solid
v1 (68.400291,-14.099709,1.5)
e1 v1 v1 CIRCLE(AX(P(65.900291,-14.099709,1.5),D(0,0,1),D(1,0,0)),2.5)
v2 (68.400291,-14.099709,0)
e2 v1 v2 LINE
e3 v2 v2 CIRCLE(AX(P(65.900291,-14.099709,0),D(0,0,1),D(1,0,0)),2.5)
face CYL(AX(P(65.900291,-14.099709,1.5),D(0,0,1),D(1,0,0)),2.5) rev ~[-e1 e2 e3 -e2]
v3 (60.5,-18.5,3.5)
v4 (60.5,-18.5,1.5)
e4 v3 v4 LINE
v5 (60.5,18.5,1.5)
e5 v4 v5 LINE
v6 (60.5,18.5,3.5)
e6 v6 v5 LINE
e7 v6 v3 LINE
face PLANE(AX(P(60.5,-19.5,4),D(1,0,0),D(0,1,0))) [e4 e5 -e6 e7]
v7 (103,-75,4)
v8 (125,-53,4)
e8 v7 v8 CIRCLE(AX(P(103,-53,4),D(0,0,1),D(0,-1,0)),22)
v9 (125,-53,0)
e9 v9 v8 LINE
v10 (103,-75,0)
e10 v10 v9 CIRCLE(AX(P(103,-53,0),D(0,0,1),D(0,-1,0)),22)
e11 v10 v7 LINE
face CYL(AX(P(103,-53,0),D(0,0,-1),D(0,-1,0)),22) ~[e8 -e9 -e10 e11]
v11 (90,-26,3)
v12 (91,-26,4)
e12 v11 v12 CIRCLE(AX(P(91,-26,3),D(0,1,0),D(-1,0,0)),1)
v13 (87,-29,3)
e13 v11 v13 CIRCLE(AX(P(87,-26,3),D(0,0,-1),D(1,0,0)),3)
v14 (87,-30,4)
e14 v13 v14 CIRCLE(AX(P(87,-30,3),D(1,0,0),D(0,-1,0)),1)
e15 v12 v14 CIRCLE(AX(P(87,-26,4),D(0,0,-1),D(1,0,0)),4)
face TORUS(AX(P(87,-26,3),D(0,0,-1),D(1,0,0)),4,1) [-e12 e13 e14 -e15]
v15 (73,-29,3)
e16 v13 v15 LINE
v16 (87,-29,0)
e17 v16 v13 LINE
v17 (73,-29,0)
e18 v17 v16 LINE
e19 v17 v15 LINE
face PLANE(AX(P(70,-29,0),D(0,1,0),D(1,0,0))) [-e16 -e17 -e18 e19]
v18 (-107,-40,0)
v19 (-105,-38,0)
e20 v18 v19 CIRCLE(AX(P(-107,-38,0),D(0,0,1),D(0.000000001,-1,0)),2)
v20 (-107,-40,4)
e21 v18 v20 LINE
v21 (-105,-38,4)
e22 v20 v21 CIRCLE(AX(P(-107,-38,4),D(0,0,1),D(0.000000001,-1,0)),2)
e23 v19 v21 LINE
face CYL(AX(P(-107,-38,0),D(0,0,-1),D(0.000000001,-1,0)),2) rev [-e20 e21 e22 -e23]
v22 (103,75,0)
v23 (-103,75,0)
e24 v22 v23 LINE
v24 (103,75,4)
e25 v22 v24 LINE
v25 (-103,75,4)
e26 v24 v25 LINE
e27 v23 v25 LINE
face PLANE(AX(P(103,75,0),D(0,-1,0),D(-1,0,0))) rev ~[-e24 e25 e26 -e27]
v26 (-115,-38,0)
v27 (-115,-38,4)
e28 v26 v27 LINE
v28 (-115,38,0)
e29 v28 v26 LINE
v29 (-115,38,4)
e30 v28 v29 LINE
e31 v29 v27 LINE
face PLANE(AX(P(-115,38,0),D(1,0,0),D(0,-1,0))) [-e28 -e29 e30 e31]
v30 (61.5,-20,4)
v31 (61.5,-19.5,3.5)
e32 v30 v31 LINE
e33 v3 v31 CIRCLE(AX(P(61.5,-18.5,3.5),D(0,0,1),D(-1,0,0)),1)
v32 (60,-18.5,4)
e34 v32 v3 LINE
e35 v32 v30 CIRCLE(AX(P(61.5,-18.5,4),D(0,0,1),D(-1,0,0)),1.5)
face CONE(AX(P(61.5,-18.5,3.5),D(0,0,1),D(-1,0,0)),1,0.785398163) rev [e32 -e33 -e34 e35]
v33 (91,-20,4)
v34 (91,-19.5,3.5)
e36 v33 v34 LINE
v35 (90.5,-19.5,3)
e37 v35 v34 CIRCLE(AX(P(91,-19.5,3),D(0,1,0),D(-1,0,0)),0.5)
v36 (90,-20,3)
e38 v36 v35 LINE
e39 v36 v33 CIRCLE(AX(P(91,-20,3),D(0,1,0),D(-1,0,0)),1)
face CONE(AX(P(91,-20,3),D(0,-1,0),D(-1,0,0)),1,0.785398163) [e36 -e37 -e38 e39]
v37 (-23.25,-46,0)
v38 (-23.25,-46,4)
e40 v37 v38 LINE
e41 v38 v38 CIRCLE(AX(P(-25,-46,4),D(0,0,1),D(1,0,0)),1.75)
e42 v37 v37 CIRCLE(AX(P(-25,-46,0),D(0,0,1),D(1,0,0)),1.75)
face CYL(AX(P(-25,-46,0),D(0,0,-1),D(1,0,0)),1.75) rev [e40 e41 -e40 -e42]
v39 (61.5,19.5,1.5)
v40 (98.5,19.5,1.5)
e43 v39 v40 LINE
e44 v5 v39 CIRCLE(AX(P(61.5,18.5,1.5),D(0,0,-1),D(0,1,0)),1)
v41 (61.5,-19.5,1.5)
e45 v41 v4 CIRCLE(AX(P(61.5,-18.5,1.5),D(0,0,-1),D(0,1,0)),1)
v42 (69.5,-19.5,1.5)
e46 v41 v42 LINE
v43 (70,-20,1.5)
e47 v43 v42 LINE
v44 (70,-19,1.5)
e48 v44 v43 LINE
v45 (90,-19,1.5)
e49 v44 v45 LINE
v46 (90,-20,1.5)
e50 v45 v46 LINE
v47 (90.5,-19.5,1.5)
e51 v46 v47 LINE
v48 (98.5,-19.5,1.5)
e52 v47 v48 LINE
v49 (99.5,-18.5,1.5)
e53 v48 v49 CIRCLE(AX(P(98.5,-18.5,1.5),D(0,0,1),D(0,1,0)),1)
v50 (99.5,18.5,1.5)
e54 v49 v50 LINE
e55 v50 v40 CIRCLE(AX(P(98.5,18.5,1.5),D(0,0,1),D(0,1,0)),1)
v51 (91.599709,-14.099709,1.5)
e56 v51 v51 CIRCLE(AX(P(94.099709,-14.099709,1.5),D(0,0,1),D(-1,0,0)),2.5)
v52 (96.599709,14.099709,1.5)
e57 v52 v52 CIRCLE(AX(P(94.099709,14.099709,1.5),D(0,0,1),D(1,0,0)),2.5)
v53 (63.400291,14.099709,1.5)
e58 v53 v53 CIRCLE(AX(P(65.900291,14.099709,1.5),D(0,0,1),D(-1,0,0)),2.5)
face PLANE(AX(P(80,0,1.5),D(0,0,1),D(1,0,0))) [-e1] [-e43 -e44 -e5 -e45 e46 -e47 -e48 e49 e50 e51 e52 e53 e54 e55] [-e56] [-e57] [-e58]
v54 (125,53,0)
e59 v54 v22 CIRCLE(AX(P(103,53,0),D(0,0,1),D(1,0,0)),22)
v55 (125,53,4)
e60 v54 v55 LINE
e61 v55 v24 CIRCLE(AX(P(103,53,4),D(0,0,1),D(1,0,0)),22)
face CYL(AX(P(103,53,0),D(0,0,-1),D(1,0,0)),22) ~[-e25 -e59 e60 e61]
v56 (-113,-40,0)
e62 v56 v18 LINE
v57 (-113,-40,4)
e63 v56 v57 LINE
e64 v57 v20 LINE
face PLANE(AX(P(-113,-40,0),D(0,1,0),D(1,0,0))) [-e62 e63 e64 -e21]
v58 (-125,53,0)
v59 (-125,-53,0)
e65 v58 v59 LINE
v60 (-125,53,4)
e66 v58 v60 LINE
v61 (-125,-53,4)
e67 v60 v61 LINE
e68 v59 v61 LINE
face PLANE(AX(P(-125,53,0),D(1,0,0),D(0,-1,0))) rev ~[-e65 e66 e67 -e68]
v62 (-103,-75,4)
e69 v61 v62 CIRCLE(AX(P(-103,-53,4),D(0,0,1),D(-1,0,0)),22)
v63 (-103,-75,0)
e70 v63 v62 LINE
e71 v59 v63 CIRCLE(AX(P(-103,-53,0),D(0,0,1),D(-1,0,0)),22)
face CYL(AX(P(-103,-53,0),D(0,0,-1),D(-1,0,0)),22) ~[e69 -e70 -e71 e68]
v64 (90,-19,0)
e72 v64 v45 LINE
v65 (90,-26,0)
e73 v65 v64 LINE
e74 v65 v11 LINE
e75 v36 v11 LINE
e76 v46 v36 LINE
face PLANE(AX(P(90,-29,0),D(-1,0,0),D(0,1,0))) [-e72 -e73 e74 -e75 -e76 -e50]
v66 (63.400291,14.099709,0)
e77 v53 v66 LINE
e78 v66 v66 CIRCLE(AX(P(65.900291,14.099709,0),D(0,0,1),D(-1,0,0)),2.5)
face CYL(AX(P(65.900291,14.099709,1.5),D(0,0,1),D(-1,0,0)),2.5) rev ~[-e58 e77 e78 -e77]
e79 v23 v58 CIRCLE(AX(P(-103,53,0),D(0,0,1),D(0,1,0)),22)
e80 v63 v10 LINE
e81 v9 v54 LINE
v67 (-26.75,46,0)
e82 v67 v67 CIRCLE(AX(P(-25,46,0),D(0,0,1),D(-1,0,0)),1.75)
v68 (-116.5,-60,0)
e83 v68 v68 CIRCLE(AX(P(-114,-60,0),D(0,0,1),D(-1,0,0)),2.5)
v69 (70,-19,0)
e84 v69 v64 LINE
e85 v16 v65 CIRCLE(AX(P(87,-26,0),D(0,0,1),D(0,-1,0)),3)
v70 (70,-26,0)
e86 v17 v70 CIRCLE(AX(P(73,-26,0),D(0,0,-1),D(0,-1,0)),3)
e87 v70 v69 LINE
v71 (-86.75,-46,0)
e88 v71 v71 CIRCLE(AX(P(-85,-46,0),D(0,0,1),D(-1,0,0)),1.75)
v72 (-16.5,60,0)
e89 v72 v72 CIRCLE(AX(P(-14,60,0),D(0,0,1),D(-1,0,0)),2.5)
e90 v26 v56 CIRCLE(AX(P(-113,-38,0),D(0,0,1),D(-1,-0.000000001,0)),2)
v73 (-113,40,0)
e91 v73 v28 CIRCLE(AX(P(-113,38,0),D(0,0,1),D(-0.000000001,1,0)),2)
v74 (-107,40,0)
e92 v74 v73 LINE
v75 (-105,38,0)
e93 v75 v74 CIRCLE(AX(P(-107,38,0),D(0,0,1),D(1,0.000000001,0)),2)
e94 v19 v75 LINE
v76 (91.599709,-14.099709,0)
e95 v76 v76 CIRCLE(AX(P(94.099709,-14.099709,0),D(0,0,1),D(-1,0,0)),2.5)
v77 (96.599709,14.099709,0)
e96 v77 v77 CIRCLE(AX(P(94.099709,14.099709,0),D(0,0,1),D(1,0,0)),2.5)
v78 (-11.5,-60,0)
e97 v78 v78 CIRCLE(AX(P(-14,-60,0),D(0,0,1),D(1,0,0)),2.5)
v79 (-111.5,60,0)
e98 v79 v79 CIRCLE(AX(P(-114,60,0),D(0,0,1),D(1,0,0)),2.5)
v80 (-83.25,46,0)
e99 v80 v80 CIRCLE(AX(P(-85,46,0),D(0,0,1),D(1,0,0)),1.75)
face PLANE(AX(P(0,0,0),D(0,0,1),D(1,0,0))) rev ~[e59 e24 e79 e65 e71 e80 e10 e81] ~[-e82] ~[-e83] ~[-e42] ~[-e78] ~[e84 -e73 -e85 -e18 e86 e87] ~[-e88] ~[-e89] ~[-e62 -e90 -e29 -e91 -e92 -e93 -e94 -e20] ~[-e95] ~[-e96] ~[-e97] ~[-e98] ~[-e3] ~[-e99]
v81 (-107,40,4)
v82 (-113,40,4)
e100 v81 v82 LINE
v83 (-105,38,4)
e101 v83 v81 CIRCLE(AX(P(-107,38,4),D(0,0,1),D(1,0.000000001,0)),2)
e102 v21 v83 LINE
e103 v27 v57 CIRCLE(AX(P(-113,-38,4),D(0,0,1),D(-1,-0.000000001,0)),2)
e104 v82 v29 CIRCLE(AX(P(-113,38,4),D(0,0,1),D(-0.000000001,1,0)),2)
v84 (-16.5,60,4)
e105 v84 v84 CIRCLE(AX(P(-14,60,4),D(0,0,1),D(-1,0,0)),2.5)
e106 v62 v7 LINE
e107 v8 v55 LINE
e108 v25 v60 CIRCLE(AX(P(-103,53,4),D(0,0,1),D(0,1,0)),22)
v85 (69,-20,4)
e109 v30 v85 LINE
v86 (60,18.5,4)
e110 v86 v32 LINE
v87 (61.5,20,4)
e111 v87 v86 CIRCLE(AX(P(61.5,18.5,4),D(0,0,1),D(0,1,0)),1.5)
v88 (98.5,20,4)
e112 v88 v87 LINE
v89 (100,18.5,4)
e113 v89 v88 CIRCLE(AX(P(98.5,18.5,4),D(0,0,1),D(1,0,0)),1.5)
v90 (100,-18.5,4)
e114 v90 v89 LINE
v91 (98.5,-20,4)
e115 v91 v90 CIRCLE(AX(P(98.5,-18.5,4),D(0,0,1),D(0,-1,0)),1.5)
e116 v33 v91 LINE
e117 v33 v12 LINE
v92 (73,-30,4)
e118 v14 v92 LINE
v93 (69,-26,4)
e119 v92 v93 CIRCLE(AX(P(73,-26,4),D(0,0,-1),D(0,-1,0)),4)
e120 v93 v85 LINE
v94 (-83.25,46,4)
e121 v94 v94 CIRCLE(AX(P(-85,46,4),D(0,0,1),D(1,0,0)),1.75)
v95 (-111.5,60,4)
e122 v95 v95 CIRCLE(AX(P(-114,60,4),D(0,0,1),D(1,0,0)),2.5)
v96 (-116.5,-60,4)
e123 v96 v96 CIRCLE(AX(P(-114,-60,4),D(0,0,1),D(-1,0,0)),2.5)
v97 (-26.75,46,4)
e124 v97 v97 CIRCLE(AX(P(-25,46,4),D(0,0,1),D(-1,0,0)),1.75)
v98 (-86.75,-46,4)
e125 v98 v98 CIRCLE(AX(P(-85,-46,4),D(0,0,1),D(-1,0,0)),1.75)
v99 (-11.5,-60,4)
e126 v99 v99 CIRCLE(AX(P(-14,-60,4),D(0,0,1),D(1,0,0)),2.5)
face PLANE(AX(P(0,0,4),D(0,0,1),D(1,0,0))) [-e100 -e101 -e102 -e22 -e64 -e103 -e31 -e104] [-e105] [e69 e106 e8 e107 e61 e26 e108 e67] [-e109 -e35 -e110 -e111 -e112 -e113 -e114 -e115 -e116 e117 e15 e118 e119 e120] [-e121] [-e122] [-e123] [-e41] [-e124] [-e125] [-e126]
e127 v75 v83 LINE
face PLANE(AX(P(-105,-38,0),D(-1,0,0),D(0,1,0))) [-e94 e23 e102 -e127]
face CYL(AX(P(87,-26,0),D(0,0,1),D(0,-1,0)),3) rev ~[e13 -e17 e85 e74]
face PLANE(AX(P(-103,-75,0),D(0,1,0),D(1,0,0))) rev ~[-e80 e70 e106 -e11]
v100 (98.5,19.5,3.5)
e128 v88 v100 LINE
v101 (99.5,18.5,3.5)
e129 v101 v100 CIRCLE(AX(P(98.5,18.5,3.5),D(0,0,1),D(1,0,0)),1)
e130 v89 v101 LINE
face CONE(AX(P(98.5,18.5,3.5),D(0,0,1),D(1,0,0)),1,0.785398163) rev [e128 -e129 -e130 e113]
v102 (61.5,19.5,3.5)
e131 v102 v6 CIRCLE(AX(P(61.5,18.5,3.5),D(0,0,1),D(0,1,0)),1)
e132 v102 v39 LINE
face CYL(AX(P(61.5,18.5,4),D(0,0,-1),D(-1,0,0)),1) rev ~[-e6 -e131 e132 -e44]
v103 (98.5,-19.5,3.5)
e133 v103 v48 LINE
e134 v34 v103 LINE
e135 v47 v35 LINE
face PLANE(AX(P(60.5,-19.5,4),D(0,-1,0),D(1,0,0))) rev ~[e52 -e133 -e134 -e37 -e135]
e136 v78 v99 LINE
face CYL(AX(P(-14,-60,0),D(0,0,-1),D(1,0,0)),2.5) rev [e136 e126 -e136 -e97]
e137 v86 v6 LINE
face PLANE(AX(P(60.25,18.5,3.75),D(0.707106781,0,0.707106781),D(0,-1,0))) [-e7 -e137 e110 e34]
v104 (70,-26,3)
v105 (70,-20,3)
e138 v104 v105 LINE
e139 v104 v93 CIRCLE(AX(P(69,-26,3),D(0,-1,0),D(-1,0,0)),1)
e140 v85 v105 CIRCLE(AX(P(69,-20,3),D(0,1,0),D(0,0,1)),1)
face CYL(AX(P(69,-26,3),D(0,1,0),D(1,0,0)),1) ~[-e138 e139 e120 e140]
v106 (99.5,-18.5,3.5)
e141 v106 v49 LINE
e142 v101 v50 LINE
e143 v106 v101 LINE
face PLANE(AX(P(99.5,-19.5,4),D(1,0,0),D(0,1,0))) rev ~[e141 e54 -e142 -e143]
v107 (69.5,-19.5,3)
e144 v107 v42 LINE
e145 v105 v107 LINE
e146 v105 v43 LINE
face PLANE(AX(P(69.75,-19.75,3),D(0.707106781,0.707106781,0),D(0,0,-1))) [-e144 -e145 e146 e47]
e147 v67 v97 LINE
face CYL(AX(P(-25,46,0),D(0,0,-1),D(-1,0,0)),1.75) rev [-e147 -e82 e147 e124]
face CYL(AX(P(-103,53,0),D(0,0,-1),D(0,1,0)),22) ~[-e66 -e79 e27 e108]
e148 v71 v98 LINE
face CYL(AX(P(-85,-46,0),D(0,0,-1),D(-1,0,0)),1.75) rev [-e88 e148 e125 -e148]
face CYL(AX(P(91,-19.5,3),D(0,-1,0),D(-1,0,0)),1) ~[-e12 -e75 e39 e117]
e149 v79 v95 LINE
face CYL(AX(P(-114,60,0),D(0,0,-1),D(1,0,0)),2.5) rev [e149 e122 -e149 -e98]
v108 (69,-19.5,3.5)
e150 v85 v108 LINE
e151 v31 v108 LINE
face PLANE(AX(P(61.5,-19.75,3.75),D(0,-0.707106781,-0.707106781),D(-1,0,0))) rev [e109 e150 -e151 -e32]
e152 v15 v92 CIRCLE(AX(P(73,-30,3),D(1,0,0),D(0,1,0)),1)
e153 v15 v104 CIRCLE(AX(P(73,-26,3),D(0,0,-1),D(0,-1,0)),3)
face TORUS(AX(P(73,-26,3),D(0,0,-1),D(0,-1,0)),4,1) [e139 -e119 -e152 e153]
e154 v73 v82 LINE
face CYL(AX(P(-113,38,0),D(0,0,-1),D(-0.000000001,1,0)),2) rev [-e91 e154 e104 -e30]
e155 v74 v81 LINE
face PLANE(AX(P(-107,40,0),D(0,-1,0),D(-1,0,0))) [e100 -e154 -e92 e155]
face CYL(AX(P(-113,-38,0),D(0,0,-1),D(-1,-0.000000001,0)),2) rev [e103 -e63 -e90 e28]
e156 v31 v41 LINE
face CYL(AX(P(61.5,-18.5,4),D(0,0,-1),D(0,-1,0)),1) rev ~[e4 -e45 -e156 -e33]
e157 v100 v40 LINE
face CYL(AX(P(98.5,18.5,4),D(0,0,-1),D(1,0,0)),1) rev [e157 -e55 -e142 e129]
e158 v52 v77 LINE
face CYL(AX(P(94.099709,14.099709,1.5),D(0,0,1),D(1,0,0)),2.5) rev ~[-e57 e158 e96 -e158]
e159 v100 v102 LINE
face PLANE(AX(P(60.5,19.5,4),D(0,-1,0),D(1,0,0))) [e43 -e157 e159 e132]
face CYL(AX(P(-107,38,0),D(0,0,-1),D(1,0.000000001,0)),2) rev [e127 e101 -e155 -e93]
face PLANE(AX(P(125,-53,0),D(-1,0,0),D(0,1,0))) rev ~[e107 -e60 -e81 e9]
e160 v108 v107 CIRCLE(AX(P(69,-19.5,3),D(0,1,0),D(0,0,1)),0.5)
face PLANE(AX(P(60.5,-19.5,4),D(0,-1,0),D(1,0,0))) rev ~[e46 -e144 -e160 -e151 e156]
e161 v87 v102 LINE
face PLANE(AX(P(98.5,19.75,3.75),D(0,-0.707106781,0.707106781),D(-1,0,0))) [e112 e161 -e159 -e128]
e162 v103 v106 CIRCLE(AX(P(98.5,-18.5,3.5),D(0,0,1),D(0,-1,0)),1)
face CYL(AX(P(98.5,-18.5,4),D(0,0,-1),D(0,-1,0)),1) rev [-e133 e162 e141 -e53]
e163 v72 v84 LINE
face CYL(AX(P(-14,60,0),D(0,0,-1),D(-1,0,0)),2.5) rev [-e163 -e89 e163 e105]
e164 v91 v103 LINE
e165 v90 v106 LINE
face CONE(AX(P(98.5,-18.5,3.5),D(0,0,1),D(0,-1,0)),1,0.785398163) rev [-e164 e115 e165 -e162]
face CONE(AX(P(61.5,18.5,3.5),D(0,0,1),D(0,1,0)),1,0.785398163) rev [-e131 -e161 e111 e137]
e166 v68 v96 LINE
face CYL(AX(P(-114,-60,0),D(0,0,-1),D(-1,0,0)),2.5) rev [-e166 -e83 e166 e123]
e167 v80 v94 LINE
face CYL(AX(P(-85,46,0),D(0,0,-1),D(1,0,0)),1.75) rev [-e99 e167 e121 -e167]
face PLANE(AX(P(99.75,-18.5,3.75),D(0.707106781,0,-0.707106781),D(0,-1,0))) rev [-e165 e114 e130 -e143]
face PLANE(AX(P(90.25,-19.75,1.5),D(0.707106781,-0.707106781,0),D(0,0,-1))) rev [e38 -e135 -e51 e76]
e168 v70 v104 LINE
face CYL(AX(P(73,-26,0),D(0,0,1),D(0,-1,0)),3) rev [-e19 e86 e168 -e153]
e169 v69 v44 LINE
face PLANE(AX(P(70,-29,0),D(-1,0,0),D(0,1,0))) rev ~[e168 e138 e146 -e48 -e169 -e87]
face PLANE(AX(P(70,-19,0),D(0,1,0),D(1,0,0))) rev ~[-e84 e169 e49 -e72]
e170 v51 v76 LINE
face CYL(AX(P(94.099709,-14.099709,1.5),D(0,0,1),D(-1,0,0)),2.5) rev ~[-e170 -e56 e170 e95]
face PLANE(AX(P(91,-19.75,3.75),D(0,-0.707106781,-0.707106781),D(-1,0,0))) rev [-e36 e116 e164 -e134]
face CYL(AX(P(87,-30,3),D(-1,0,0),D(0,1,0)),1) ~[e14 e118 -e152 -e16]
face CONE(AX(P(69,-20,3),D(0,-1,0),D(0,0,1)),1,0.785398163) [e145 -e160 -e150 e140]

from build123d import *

# Parameters (mm, degrees)
SKETCH_1_R          = 2.5
SKETCH_1_R_2        = 1.75
SKETCH_1_W          = 20
SKETCH_1_H          = 10
EXTRUDE_1_DEPTH     = 4
SKETCH_2_W          = 39
SKETCH_2_H          = 39
CUT_EXTRUDE_1_DEPTH = 2.5
FILLET_1_R          = 3
FILLET_2_R          = 1
CHAMFER_1_SIZE      = 0.5
SKETCH_4_R          = 2.5
CUT_EXTRUDE_2_DEPTH = 2


with BuildPart() as part:
    # 草图1 → 凸台-拉伸1 (new body)
    with BuildSketch(Plane.XY):
        with BuildLine():
            Line((-103, -75), (103, -75))
            ThreePointArc((103, -75), (118.556349186, -68.556349186), (125, -53))
            Line((125, -53), (125, 53))
            ThreePointArc((125, 53), (118.556349186, 68.556349186), (103, 75))
            Line((103, 75), (-103, 75))
            ThreePointArc((-103, 75), (-118.556349186, 68.556349186), (-125, 53))
            Line((-125, 53), (-125, -53))
            ThreePointArc((-125, -53), (-118.556349186, -68.556349186), (-103, -75))
        make_face()
        with Locations((-114, 60)):
            Circle(SKETCH_1_R, mode=Mode.SUBTRACT)
        with Locations(Location((-114, -60, 0), (0, 0, 180))):
            Circle(SKETCH_1_R, mode=Mode.SUBTRACT)
        with Locations((-14, -60)):
            Circle(SKETCH_1_R, mode=Mode.SUBTRACT)
        with Locations(Location((-14, 60, 0), (0, 0, 180))):
            Circle(SKETCH_1_R, mode=Mode.SUBTRACT)
        with Locations((-85, 46)):
            Circle(SKETCH_1_R_2, mode=Mode.SUBTRACT)
        with Locations(Location((-25, 46, 0), (0, 0, 180))):
            Circle(SKETCH_1_R_2, mode=Mode.SUBTRACT)
        with Locations((-25, -46)):
            Circle(SKETCH_1_R_2, mode=Mode.SUBTRACT)
        with Locations(Location((-85, -46, 0), (0, 0, 180))):
            Circle(SKETCH_1_R_2, mode=Mode.SUBTRACT)
        with BuildLine():
            Line((-113, -40), (-107, -40))
            ThreePointArc((-107, -40), (-105.585786438, -39.414213562), (-105, -38))
            Line((-105, -38), (-105, 38))
            ThreePointArc((-105, 38), (-105.585786438, 39.414213562), (-107, 40))
            Line((-107, 40), (-113, 40))
            ThreePointArc((-113, 40), (-114.414213562, 39.414213562), (-115, 38))
            Line((-115, 38), (-115, -38))
            ThreePointArc((-115, -38), (-114.414213562, -39.414213562), (-113, -40))
        make_face(mode=Mode.SUBTRACT)
        with Locations((80, -24)):
            Rectangle(SKETCH_1_W, SKETCH_1_H, mode=Mode.SUBTRACT)
    extrude(amount=EXTRUDE_1_DEPTH)

    # 草图2 → 切除-拉伸1 (cut)
    with BuildSketch(Plane.XY.offset(4)):
        with Locations((80, 0)):
            Rectangle(SKETCH_2_W, SKETCH_2_H)
    extrude(amount=-CUT_EXTRUDE_1_DEPTH, mode=Mode.SUBTRACT)

    # 圆角1
    fillet_1_edges = [part.edges().sort_by_distance(p)[0] for p in [
        (90, -29, 2),
        (70, -29, 2),
    ]]
    fillet(fillet_1_edges, radius=FILLET_1_R)

    # 圆角2
    fillet_2_edges = [part.edges().sort_by_distance(p)[0] for p in [
        (70, -22.75, 4),
        (99.5, -19.5, 2.75),
        (99.5, 19.5, 2.75),
        (60.5, -19.5, 2.75),
        (60.5, 19.5, 2.75),
        (80, -29, 4),
        (90, -22.75, 4),
        (89.121320344, -28.121320344, 4),
        (70.878679656, -28.121320344, 4),
    ]]
    fillet(fillet_2_edges, radius=FILLET_2_R)

    # 倒角1
    chamfer_1_edges = [part.edges().sort_by_distance(p)[0] for p in [
        (90, -19.5, 2.25),
        (70, -19.5, 2.25),
        (99.5, 0, 4),
        (94.75, -19.5, 4),
        (65.25, -19.5, 4),
        (60.5, 0, 4),
        (80, 19.5, 4),
        (69.707106781, -19.5, 3.707106781),
        (90.292893219, -19.5, 3.707106781),
        (60.792893219, -19.207106781, 4),
        (99.207106781, -19.207106781, 4),
        (99.207106781, 19.207106781, 4),
        (60.792893219, 19.207106781, 4),
    ]]
    chamfer(chamfer_1_edges, length=CHAMFER_1_SIZE)

    # 草图4 → 切除-拉伸2 (cut)
    with BuildSketch(Plane.XY.offset(1.5)):
        with Locations((65.900290783, -14.099709217)):
            Circle(SKETCH_4_R)
        with Locations(Location((94.099709217, -14.099709217, 0), (0, 0, 180))):
            Circle(SKETCH_4_R)
        with Locations((94.099709217, 14.099709217)):
            Circle(SKETCH_4_R)
        with Locations(Location((65.900290783, 14.099709217, 0), (0, 0, 180))):
            Circle(SKETCH_4_R)
    extrude(amount=-CUT_EXTRUDE_2_DEPTH, mode=Mode.SUBTRACT)


solid = part.part
